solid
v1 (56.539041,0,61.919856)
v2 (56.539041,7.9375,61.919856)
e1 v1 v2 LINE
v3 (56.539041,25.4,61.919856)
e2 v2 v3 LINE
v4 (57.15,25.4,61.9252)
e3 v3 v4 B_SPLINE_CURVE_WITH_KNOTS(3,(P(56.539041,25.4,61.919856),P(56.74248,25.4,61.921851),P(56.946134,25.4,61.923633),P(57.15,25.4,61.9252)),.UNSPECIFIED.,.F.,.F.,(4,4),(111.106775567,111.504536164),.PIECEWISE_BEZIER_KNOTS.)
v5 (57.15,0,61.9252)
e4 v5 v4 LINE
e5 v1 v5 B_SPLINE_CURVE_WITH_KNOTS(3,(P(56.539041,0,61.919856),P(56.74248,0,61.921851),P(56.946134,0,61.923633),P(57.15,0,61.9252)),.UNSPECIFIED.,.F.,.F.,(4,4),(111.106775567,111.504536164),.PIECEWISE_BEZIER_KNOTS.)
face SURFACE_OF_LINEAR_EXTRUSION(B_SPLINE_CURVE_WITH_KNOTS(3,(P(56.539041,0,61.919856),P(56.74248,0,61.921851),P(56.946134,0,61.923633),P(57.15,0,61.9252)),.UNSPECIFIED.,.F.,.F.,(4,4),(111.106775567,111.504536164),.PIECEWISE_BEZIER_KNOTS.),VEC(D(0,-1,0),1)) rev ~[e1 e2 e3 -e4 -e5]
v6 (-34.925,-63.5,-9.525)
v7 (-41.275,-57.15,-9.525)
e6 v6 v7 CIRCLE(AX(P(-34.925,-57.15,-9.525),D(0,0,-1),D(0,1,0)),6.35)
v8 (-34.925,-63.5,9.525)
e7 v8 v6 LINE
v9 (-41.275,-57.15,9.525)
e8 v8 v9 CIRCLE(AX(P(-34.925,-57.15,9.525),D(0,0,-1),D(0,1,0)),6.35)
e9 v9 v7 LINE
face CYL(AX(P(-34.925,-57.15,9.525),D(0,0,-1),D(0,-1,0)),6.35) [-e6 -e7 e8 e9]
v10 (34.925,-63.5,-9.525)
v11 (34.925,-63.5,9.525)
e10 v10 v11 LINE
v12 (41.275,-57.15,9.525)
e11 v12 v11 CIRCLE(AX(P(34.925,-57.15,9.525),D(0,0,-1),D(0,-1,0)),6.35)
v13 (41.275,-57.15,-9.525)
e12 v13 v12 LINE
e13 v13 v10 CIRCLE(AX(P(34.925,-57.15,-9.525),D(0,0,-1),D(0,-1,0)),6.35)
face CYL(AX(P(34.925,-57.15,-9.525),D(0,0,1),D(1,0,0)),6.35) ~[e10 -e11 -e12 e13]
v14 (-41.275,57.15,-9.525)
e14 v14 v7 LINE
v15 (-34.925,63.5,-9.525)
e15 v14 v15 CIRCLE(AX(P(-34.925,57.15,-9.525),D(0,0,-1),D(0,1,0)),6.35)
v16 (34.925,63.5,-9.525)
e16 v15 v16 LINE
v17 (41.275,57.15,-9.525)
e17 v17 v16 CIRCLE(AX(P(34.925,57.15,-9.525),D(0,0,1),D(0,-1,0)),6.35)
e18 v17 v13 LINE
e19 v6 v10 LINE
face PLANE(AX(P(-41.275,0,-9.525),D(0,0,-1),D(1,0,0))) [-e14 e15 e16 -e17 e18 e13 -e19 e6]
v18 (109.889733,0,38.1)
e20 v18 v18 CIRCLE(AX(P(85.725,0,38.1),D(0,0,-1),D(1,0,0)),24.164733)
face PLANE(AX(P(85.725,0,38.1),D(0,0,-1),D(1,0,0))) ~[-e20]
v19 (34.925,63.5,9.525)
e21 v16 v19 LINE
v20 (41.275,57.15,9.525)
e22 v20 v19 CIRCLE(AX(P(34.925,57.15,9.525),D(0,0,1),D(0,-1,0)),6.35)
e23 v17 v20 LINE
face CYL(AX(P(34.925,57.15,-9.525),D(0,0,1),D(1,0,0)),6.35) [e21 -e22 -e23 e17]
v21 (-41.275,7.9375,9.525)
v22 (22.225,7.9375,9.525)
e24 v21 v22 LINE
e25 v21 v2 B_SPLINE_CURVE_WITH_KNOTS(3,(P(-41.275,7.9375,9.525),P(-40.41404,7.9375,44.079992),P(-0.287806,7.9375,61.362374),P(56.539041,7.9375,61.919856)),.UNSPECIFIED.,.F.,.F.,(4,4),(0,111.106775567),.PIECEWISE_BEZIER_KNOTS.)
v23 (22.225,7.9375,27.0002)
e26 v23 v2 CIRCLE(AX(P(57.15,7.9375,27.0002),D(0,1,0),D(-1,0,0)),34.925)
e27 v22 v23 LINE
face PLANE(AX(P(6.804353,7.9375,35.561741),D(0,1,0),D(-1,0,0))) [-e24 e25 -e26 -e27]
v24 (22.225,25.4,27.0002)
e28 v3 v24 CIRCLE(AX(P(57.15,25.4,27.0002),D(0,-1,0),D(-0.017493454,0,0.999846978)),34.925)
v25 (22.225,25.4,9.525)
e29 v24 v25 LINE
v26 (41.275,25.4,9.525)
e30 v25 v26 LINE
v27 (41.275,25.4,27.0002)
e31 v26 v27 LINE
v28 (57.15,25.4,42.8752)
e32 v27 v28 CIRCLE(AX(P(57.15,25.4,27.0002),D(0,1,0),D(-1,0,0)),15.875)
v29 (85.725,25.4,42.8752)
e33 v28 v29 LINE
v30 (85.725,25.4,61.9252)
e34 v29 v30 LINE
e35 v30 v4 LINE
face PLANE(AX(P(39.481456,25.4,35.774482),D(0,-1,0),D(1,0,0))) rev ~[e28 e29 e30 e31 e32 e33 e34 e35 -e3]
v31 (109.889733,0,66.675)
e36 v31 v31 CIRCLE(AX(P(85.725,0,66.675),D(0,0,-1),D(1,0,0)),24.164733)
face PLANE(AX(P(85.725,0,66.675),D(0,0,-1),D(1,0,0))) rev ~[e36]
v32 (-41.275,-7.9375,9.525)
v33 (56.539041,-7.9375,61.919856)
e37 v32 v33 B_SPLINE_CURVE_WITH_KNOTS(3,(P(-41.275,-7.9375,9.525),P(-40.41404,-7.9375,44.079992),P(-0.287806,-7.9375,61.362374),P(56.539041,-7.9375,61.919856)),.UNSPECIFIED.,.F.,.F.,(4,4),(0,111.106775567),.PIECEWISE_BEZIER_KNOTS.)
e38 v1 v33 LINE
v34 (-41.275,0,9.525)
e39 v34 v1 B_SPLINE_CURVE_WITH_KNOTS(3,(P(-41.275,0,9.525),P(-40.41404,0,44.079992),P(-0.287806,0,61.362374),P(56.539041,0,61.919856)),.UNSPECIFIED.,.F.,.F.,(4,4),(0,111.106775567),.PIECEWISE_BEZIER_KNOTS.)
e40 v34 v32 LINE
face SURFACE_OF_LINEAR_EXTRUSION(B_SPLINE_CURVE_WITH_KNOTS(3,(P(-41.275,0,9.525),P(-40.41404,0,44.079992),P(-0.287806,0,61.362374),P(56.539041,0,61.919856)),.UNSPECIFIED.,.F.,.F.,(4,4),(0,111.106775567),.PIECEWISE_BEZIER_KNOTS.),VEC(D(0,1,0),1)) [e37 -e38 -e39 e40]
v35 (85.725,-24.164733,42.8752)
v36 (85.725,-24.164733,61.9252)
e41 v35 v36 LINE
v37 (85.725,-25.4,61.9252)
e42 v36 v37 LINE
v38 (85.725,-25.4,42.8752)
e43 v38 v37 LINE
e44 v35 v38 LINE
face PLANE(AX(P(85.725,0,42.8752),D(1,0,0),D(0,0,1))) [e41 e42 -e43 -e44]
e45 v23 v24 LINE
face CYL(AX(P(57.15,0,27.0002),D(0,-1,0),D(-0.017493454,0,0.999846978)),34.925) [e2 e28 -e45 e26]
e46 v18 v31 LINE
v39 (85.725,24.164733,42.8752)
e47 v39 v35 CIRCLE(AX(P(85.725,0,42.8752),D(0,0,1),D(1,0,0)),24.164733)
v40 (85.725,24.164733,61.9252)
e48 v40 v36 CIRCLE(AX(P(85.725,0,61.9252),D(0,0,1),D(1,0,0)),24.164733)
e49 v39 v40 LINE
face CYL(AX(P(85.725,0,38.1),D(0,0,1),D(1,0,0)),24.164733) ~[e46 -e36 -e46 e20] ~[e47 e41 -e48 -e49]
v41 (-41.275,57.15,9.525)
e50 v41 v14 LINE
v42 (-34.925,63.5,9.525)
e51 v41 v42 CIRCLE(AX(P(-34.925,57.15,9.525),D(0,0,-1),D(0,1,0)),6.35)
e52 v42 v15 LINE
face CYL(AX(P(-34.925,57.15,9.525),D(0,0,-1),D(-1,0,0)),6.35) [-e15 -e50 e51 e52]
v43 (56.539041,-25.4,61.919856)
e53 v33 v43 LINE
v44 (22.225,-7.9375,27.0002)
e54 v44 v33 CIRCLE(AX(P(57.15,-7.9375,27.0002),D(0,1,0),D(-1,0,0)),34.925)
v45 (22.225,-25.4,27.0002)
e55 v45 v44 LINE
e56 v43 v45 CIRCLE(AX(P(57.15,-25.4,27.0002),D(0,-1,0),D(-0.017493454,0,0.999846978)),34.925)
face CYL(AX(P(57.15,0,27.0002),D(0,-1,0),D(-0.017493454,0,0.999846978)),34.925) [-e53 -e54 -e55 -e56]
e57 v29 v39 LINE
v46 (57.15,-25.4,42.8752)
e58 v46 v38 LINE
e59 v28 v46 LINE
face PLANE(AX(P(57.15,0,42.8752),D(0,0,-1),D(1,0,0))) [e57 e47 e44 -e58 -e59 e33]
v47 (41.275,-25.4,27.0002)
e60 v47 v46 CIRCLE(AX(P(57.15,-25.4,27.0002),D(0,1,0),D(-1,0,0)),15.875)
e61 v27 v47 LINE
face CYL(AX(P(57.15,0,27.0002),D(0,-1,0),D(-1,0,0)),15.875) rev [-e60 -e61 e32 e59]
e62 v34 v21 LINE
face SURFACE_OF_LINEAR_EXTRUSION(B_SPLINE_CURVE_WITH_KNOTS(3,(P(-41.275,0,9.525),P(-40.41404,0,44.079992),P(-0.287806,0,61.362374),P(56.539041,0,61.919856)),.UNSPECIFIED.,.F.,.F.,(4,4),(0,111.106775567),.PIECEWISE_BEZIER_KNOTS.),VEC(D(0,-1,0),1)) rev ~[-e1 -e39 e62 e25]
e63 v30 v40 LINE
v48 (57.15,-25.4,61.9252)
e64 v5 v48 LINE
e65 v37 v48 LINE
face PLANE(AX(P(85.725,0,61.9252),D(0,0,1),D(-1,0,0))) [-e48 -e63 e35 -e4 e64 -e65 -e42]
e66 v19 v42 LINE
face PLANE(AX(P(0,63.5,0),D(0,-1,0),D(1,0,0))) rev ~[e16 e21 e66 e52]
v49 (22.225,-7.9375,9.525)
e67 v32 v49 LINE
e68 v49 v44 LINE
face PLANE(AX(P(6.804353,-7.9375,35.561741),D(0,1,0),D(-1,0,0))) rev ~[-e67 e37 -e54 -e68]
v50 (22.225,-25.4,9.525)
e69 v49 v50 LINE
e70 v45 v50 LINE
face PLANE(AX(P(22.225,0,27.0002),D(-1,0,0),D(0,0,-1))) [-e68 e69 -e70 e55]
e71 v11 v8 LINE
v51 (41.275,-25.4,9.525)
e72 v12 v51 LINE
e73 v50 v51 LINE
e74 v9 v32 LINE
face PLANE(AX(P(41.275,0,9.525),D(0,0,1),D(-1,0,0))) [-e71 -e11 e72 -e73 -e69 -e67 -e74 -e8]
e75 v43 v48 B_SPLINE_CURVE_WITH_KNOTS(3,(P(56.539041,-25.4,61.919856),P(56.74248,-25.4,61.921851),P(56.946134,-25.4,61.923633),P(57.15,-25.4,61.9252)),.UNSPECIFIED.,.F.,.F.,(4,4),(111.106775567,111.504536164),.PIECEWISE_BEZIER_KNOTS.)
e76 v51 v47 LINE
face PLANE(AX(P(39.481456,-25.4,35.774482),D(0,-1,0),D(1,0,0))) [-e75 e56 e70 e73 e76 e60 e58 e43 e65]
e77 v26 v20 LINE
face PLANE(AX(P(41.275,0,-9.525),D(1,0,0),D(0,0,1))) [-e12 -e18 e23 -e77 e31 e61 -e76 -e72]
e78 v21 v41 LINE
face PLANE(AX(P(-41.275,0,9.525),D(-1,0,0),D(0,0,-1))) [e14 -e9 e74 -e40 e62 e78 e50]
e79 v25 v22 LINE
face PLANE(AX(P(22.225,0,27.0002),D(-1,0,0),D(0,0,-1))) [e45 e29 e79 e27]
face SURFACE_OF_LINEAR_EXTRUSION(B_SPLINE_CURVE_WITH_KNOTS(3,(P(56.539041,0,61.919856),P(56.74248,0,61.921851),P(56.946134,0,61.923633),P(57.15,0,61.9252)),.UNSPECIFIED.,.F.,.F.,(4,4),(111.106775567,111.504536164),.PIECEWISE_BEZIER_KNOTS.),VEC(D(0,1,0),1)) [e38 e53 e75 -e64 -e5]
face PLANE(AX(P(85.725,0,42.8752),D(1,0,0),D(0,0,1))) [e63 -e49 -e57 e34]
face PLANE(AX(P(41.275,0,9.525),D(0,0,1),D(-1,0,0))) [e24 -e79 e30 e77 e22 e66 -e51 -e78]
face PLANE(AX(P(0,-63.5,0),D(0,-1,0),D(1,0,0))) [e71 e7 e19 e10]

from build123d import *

# Parameters (mm, degrees)
F1_DEPTH = 63.5
F0_W     = 26.6352667648
F0_H     = 19.05
F2_DEPTH = 25.4
F3_DEPTH = 7.9375
F5_R     = 6.35


with BuildPart() as f1:
    # F0 (on Front) → F1 (new body, symmetric)
    with BuildSketch(Plane.XZ):
        Polygon((-41.275, 9.525), (-41.275, -9.525), (41.275, -9.525), (41.275, 9.525), (22.225, 9.525), align=None)
    extrude(amount=F1_DEPTH, both=True)

    # F0 (on Front) → F2 (join, symmetric)
    with BuildSketch(Plane.XZ):
        with BuildLine():
            Line((22.225, 9.525), (41.275, 9.525))
            Line((41.275, 9.525), (41.275, 27.0002))
            ThreePointArc((41.275, 27.0002), (45.9246798487, 38.2255201513), (57.15, 42.8752))
            Line((57.15, 42.8752), (59.0897332352, 42.8752))
            Line((59.0897332352, 42.8752), (59.0897332352, 61.9252))
            Line((59.0897332352, 61.9252), (57.15, 61.9252))
            add(Edge.make_bspline(
                [(56.5390411257, 61.9198557007), (56.7424803889, 61.9218514766), (56.9461336922, 61.9236329014), (57.15, 61.9252)],
                knots=[111.1067755669, 111.1067755669, 111.1067755669, 111.1067755669, 111.5045361635, 111.5045361635, 111.5045361635, 111.5045361635], degree=3))
            ThreePointArc((56.5390411257, 61.9198557007), (32.2392255872, 51.4789447218), (22.225, 27.0002))
            Line((22.225, 27.0002), (22.225, 9.525))
        make_face()
        with Locations((72.4073666176, 52.4002)):
            Rectangle(F0_W, F0_H)
    extrude(amount=F2_DEPTH, both=True)

    # F0 (on Front) → F3 (join, symmetric)
    with BuildSketch(Plane.XZ):
        with BuildLine():
            add(Edge.make_bspline(
                [(-41.275, 9.525), (-40.4140404528, 44.079992279), (-0.2878058759, 61.3623740581), (56.5390411257, 61.9198557007)],
                knots=[0, 0, 0, 0, 111.1067755669, 111.1067755669, 111.1067755669, 111.1067755669], degree=3))
            Line((-41.275, 9.525), (22.225, 9.525))
            Line((22.225, 9.525), (22.225, 27.0002))
            ThreePointArc((22.225, 27.0002), (32.2392255872, 51.4789447218), (56.5390411257, 61.9198557007))
        make_face()
    extrude(amount=F3_DEPTH, both=True)

    # F0 (on Front) → F4 (revolve)
    with BuildSketch(Plane.XZ):
        Polygon((85.725, 66.675), (85.725, 61.9252), (85.725, 42.8752), (85.725, 38.1), (109.8897332352, 38.1), (109.8897332352, 66.675), align=None)
    revolve(axis=Axis((85.725, 0, 52.4002), (0, 0, -1)))

    # F5
    f5_edges = [f1.edges().sort_by_distance(p)[0] for p in [
        (-41.275, -63.5, 0),
        (41.275, -63.5, 0),
        (41.275, 63.5, 0),
        (-41.275, 63.5, 0),
    ]]
    fillet(f5_edges, radius=F5_R)


solid = f1.part
